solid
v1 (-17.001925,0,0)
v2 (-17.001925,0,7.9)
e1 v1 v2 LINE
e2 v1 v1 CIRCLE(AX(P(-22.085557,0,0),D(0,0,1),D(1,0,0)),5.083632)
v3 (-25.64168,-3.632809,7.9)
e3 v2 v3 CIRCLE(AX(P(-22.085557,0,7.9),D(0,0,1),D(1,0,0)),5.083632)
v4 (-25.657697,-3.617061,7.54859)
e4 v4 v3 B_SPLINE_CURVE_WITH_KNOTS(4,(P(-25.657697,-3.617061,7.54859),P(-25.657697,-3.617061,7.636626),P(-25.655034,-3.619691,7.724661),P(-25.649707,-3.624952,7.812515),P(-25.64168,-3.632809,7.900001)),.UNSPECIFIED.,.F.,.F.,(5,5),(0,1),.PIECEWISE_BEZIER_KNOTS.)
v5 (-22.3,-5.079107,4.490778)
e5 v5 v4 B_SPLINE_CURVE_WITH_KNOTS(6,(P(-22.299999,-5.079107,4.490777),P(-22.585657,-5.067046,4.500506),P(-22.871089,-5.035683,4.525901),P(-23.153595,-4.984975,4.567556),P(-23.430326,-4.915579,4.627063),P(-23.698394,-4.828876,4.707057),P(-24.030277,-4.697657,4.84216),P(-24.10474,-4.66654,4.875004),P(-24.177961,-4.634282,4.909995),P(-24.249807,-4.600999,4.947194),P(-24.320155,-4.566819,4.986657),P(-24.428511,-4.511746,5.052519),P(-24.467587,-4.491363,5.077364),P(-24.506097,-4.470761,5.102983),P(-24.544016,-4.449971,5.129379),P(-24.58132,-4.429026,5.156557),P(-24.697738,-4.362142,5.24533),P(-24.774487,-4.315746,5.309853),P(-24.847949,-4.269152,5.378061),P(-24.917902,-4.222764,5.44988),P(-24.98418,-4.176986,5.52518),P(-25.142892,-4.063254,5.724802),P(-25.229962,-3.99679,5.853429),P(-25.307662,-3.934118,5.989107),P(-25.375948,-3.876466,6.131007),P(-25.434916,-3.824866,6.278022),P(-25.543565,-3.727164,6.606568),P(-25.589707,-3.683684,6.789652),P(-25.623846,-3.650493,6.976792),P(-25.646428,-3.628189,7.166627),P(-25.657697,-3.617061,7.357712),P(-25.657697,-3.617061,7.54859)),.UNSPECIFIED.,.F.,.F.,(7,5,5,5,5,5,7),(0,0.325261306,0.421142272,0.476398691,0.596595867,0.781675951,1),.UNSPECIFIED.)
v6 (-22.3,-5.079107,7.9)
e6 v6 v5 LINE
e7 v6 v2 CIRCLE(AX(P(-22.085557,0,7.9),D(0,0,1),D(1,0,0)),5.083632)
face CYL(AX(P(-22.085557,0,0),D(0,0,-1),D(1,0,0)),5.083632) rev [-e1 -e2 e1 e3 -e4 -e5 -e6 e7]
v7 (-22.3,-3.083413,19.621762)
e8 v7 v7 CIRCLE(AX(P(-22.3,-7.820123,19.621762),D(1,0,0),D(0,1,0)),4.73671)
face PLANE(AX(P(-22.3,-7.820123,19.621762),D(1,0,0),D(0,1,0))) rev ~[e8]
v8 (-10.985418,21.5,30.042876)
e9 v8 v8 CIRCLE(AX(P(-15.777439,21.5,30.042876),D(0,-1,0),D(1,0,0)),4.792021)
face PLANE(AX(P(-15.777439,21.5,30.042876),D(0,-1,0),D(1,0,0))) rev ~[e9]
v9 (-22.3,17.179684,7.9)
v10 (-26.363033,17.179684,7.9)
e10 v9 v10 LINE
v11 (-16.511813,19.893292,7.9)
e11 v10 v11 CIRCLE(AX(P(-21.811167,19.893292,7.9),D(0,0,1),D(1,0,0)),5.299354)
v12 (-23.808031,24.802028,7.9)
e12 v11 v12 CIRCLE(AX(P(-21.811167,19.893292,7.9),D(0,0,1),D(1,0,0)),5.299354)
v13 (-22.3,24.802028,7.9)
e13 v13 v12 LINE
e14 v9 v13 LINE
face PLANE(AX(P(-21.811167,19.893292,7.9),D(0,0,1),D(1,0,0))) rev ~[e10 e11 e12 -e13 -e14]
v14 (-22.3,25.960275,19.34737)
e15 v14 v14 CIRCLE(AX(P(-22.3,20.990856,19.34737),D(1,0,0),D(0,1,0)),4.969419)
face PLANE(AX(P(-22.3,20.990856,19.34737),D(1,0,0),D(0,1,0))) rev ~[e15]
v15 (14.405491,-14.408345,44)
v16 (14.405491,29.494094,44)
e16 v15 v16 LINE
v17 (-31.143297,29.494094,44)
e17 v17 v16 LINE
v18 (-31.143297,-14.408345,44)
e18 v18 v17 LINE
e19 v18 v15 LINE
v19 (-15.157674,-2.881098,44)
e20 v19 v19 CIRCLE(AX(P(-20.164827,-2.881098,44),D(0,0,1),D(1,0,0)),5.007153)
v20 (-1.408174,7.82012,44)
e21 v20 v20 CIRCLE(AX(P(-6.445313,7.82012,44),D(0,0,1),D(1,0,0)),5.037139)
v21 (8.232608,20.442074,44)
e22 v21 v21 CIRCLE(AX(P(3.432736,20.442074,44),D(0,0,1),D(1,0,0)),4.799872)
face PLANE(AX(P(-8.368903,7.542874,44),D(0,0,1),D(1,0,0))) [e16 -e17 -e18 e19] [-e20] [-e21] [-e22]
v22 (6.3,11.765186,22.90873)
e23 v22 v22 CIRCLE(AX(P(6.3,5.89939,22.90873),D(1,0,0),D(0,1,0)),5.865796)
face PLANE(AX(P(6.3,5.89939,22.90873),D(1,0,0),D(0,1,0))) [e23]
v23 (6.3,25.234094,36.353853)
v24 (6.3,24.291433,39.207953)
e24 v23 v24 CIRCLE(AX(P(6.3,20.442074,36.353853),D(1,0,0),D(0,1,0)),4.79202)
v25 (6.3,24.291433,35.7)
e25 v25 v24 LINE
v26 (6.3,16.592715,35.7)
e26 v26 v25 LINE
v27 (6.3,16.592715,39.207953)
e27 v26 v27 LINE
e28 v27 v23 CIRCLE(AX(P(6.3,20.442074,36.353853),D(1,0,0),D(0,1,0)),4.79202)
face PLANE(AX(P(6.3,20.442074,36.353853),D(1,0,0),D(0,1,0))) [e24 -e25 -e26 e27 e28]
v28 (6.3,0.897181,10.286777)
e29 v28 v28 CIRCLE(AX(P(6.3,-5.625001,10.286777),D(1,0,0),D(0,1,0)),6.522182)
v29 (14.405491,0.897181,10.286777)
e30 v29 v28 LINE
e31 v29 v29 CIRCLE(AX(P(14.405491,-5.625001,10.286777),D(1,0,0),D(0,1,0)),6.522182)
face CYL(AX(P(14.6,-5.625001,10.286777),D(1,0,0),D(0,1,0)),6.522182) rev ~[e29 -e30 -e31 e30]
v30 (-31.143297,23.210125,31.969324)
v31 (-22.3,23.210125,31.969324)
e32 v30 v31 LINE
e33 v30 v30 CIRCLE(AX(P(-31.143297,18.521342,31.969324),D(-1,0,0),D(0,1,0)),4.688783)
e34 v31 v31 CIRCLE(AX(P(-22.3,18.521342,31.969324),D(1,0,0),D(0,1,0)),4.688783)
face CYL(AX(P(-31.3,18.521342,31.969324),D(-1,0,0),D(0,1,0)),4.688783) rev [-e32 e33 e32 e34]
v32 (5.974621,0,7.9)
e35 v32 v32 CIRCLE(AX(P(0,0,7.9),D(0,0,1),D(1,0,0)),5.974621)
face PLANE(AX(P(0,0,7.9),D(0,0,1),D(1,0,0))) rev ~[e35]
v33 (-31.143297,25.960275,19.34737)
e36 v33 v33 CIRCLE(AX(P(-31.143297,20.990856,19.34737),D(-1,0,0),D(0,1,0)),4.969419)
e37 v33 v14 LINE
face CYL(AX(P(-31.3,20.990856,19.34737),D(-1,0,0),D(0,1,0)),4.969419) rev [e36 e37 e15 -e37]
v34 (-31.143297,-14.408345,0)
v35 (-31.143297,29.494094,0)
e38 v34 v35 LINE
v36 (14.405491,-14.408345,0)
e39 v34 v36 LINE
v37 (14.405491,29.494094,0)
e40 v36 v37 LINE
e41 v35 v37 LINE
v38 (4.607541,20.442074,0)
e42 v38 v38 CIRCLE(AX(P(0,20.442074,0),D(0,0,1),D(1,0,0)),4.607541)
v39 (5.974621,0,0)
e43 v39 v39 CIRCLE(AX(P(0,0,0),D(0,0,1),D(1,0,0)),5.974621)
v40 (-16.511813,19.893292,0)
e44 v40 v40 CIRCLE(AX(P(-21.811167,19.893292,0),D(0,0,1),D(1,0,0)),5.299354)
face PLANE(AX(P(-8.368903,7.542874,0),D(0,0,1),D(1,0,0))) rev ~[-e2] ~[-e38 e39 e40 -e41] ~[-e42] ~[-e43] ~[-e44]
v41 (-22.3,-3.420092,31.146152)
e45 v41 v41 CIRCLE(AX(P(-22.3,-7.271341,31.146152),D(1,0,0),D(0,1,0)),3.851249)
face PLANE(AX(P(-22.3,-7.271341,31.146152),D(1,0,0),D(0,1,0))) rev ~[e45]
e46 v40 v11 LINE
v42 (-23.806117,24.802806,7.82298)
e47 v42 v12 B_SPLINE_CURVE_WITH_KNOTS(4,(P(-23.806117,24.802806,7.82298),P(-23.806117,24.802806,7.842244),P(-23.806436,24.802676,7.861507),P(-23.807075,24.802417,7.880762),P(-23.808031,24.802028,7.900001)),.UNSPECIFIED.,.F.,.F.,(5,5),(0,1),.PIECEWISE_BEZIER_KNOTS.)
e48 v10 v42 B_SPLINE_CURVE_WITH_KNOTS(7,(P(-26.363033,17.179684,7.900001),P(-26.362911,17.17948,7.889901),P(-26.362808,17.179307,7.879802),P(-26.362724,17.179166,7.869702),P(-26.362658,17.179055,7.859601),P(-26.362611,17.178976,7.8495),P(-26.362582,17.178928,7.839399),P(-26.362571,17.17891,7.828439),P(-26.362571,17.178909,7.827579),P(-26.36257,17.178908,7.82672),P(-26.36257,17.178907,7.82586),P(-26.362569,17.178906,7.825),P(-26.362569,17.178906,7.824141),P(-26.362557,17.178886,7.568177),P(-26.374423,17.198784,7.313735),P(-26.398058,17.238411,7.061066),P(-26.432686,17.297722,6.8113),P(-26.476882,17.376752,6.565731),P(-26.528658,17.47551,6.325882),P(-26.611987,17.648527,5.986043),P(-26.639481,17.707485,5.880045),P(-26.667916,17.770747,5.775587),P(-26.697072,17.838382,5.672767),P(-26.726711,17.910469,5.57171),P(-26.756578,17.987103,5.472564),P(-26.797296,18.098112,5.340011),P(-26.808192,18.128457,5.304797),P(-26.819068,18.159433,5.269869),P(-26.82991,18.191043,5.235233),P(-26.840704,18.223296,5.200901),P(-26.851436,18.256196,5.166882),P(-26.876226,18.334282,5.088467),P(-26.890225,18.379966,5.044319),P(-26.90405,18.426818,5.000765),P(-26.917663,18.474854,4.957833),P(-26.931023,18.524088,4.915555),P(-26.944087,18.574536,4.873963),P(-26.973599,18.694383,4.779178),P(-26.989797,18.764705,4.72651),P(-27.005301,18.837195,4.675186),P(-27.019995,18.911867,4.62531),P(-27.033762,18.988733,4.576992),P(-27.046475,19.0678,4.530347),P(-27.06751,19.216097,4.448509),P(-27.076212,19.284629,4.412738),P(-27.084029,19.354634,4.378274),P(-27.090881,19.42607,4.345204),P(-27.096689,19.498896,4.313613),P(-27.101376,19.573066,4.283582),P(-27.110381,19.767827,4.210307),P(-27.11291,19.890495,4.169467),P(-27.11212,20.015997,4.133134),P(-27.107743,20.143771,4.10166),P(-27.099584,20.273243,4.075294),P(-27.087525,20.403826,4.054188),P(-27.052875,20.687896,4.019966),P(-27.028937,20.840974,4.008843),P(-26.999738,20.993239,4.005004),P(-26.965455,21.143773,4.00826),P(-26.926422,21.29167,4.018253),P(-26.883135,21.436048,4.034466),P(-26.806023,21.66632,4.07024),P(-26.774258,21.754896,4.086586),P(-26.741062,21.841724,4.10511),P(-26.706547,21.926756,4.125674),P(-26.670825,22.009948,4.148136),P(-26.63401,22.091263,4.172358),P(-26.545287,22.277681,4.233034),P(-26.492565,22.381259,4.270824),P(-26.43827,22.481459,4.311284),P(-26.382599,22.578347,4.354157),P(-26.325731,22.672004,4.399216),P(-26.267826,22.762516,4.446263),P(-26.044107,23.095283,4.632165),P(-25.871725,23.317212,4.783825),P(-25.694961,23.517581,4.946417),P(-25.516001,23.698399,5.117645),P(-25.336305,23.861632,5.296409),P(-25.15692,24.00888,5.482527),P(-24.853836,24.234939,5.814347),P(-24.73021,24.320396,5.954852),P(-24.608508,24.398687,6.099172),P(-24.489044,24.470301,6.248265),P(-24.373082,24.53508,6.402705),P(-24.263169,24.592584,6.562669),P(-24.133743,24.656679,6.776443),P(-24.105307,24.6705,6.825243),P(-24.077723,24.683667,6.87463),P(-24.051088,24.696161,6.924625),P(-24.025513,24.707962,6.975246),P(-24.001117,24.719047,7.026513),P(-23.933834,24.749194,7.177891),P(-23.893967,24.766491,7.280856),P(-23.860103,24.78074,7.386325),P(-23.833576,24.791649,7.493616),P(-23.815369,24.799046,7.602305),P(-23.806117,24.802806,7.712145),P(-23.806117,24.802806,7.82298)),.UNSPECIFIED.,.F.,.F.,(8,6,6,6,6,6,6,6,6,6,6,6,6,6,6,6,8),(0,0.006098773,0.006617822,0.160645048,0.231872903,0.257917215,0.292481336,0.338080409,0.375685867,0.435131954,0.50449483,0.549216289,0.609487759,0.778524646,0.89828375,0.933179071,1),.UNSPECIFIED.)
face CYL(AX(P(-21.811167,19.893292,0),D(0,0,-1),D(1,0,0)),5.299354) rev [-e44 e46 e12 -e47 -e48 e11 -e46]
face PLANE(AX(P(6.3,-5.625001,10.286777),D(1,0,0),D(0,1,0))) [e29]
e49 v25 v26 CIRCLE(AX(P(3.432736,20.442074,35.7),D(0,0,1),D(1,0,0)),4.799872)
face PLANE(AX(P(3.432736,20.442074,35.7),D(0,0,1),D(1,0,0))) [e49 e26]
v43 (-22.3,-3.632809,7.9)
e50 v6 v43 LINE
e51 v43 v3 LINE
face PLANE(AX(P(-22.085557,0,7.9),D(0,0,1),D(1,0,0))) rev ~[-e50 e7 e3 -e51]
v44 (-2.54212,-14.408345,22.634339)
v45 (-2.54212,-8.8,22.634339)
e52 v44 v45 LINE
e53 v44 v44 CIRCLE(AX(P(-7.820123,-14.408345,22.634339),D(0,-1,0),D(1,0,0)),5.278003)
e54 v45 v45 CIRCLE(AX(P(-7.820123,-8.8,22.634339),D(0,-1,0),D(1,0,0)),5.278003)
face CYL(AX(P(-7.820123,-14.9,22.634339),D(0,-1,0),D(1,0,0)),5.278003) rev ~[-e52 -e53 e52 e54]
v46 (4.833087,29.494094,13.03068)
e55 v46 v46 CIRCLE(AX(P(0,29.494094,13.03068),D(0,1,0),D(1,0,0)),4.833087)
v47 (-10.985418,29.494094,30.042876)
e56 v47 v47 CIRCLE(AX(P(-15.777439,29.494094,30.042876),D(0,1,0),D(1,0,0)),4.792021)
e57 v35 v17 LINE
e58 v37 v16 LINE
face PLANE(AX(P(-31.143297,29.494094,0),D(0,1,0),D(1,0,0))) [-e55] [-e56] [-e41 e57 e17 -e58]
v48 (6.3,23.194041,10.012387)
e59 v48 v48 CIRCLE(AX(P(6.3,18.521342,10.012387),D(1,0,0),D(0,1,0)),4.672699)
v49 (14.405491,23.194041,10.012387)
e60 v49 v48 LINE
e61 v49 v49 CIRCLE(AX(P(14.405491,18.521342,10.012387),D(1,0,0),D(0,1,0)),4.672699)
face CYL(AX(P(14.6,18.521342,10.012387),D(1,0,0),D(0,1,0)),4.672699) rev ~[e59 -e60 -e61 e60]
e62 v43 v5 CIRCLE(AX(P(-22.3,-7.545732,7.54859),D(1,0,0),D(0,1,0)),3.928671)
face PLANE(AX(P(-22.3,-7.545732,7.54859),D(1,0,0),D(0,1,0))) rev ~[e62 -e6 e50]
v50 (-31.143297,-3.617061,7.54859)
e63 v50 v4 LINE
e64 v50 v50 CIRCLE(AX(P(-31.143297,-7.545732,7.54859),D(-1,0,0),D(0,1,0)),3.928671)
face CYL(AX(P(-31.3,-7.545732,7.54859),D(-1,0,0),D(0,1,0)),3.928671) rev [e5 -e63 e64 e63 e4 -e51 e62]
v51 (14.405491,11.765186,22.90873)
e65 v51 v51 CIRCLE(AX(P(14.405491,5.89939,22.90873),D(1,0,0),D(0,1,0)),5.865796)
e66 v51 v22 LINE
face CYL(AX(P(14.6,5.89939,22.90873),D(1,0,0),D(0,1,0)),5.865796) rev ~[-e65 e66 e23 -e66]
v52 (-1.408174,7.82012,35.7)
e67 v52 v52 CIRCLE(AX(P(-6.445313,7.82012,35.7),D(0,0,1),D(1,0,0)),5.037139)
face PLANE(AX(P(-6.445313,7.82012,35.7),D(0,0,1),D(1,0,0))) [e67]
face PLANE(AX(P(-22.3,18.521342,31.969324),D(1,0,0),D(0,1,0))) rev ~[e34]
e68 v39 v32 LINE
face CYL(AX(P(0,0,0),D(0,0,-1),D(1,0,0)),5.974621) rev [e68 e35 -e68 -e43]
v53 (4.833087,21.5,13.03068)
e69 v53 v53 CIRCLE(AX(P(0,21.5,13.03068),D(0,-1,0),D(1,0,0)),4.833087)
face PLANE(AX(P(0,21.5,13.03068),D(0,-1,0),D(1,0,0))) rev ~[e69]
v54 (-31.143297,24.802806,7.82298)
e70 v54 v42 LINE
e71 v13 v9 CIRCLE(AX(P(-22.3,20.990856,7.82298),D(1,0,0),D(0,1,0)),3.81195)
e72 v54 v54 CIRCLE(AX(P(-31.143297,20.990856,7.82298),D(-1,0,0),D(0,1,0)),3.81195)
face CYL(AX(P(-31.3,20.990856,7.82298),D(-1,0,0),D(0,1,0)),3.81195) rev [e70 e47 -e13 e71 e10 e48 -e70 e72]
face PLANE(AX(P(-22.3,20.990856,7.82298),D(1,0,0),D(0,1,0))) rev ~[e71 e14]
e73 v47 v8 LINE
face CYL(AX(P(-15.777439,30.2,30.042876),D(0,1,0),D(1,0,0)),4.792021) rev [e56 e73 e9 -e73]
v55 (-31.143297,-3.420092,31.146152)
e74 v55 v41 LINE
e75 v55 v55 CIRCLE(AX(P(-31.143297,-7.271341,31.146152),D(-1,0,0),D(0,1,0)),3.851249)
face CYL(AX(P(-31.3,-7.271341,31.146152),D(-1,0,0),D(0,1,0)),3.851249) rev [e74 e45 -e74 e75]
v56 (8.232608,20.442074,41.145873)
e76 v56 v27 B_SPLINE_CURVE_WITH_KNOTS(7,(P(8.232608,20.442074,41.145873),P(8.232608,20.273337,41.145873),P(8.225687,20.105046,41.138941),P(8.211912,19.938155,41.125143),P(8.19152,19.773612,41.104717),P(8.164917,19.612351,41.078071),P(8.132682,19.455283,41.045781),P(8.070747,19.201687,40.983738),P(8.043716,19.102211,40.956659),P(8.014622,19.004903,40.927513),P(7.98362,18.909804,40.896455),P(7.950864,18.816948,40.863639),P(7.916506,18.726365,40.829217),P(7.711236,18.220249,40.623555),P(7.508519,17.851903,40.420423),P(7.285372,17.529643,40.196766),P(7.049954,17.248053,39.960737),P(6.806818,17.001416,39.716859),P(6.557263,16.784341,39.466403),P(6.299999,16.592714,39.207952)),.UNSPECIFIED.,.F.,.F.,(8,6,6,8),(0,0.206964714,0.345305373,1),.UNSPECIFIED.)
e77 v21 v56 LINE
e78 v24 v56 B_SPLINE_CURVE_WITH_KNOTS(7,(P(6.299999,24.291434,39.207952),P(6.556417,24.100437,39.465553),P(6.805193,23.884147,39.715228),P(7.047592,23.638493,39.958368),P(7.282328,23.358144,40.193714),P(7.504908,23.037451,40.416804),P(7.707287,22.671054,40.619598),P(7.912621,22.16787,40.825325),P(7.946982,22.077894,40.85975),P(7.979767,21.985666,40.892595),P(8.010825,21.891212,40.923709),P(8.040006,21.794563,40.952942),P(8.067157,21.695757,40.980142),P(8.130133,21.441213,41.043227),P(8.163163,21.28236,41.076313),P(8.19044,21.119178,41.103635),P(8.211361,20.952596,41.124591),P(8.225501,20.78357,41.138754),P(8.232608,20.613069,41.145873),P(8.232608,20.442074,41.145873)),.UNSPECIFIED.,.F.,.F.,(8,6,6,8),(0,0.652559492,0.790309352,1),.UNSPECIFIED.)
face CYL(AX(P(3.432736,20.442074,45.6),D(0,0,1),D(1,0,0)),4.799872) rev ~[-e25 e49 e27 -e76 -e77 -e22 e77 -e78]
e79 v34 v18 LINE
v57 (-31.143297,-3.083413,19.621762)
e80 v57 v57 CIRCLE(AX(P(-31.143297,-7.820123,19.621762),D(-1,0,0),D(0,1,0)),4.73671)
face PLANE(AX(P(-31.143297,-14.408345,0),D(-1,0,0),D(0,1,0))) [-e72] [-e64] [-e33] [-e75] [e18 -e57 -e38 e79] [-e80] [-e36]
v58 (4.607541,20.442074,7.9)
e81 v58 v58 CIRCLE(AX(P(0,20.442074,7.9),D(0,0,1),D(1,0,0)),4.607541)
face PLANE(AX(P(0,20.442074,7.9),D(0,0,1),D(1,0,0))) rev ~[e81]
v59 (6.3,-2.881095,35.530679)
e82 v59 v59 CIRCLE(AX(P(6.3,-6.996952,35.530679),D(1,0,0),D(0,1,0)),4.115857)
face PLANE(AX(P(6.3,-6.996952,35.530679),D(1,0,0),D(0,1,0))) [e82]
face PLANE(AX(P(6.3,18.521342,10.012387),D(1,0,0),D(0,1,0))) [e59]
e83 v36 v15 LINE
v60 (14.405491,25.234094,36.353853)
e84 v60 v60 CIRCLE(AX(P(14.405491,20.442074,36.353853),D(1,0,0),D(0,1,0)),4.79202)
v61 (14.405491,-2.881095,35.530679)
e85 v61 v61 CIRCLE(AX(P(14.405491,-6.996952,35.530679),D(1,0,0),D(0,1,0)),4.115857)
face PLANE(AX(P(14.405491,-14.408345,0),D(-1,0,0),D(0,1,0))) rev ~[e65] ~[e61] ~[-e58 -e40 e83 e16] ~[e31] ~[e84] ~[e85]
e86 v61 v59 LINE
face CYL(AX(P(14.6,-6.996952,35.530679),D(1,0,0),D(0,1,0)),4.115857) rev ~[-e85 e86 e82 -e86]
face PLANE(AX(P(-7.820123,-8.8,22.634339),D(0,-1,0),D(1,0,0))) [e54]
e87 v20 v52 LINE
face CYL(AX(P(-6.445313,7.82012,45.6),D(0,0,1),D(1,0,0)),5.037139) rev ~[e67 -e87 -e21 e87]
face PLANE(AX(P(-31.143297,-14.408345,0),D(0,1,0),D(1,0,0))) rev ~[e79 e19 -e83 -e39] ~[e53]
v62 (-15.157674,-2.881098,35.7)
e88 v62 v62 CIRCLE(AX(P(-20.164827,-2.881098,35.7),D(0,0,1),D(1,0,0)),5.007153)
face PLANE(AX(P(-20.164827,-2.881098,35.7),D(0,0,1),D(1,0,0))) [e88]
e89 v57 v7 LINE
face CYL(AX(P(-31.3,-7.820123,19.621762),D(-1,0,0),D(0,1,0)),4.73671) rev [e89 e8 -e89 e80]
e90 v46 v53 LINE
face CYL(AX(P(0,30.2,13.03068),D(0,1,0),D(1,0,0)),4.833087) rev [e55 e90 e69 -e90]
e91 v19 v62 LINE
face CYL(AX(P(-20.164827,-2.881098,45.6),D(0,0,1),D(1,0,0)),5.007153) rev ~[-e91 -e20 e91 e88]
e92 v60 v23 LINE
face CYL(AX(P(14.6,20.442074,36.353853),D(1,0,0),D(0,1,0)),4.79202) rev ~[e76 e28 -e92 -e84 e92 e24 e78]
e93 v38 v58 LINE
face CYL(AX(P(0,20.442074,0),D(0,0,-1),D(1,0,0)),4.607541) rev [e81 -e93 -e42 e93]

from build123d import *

# Parameters (mm, degrees)
F0_W      = 45.548788
F0_H      = 43.902439
F1_DEPTH  = 44
F3_R      = 5.278003
F4_DEPTH  = 6.1
F6_R      = 4.792021
F6_R_2    = 4.833087
F7_DEPTH  = 8.7
F9_R      = 5.007153
F9_R_2    = 5.037139
F9_R_3    = 4.799872
F10_DEPTH = 9.9
F11_R     = 5.299354
F11_R_2   = 5.083632
F11_R_3   = 4.607541
F11_R_4   = 5.974621
F12_DEPTH = 7.9
F14_R     = 4.115857
F14_R_2   = 4.79202
F14_R_3   = 5.865796
F14_R_4   = 6.522182
F14_R_5   = 4.672699
F15_DEPTH = 8.3
F17_R     = 3.928671
F17_R_2   = 4.73671
F17_R_3   = 3.851249
F17_R_4   = 3.81195
F17_R_5   = 4.969419
F17_R_6   = 4.688783
F18_DEPTH = 9


with BuildPart() as f1:
    # F0 (on Top) → F1 (new body)
    with BuildSketch(Plane.XY):
        with Locations((-8.368903, 7.542874)):
            Rectangle(F0_W, F0_H)
    extrude(amount=F1_DEPTH)

    # F3 (on offset) → F4 (cut)
    with BuildSketch(Plane.XZ.offset(14.9)):
        with Locations((-7.820123, 22.634339)):
            Circle(F3_R)
    extrude(amount=-F4_DEPTH, mode=Mode.SUBTRACT)

    # F6 (on offset) → F7 (cut)
    with BuildSketch(Plane.XZ.offset(-30.2)):
        with Locations((-15.777439, 30.042876)):
            Circle(F6_R)
        with Locations((0, 13.03068)):
            Circle(F6_R_2)
    extrude(amount=F7_DEPTH, mode=Mode.SUBTRACT)

    # F9 (on offset) → F10 (cut)
    with BuildSketch(Plane.XY.offset(45.6)):
        with Locations((-20.164827, -2.881098)):
            Circle(F9_R)
        with Locations((-6.445313, 7.82012)):
            Circle(F9_R_2)
        with Locations((3.432736, 20.442074)):
            Circle(F9_R_3)
    extrude(amount=-F10_DEPTH, mode=Mode.SUBTRACT)

    # F11 (on Top) → F12 (cut)
    with BuildSketch(Plane.XY):
        with Locations((-21.811167, 19.893292)):
            Circle(F11_R)
        with Locations((-22.085557, 0)):
            Circle(F11_R_2)
        with Locations((0, 20.442074)):
            Circle(F11_R_3)
        Circle(F11_R_4)
    extrude(amount=F12_DEPTH, mode=Mode.SUBTRACT)

    # F14 (on offset) → F15 (cut)
    with BuildSketch(Plane.YZ.offset(14.6)):
        with Locations((-6.996952, 35.530679)):
            Circle(F14_R)
        with Locations((20.442074, 36.353853)):
            Circle(F14_R_2)
        with Locations((5.89939, 22.90873)):
            Circle(F14_R_3)
        with Locations((-5.625001, 10.286777)):
            Circle(F14_R_4)
        with Locations((18.521342, 10.012387)):
            Circle(F14_R_5)
    extrude(amount=-F15_DEPTH, mode=Mode.SUBTRACT)

    # F17 (on offset) → F18 (cut)
    with BuildSketch(Plane.YZ.offset(-31.3)):
        with Locations((-7.545732, 7.54859)):
            Circle(F17_R)
        with Locations((-7.820123, 19.621762)):
            Circle(F17_R_2)
        with Locations((-7.271341, 31.146152)):
            Circle(F17_R_3)
        with Locations((20.990856, 7.82298)):
            Circle(F17_R_4)
        with Locations((20.990856, 19.34737)):
            Circle(F17_R_5)
        with Locations((18.521342, 31.969324)):
            Circle(F17_R_6)
    extrude(amount=F18_DEPTH, mode=Mode.SUBTRACT)


solid = f1.part
